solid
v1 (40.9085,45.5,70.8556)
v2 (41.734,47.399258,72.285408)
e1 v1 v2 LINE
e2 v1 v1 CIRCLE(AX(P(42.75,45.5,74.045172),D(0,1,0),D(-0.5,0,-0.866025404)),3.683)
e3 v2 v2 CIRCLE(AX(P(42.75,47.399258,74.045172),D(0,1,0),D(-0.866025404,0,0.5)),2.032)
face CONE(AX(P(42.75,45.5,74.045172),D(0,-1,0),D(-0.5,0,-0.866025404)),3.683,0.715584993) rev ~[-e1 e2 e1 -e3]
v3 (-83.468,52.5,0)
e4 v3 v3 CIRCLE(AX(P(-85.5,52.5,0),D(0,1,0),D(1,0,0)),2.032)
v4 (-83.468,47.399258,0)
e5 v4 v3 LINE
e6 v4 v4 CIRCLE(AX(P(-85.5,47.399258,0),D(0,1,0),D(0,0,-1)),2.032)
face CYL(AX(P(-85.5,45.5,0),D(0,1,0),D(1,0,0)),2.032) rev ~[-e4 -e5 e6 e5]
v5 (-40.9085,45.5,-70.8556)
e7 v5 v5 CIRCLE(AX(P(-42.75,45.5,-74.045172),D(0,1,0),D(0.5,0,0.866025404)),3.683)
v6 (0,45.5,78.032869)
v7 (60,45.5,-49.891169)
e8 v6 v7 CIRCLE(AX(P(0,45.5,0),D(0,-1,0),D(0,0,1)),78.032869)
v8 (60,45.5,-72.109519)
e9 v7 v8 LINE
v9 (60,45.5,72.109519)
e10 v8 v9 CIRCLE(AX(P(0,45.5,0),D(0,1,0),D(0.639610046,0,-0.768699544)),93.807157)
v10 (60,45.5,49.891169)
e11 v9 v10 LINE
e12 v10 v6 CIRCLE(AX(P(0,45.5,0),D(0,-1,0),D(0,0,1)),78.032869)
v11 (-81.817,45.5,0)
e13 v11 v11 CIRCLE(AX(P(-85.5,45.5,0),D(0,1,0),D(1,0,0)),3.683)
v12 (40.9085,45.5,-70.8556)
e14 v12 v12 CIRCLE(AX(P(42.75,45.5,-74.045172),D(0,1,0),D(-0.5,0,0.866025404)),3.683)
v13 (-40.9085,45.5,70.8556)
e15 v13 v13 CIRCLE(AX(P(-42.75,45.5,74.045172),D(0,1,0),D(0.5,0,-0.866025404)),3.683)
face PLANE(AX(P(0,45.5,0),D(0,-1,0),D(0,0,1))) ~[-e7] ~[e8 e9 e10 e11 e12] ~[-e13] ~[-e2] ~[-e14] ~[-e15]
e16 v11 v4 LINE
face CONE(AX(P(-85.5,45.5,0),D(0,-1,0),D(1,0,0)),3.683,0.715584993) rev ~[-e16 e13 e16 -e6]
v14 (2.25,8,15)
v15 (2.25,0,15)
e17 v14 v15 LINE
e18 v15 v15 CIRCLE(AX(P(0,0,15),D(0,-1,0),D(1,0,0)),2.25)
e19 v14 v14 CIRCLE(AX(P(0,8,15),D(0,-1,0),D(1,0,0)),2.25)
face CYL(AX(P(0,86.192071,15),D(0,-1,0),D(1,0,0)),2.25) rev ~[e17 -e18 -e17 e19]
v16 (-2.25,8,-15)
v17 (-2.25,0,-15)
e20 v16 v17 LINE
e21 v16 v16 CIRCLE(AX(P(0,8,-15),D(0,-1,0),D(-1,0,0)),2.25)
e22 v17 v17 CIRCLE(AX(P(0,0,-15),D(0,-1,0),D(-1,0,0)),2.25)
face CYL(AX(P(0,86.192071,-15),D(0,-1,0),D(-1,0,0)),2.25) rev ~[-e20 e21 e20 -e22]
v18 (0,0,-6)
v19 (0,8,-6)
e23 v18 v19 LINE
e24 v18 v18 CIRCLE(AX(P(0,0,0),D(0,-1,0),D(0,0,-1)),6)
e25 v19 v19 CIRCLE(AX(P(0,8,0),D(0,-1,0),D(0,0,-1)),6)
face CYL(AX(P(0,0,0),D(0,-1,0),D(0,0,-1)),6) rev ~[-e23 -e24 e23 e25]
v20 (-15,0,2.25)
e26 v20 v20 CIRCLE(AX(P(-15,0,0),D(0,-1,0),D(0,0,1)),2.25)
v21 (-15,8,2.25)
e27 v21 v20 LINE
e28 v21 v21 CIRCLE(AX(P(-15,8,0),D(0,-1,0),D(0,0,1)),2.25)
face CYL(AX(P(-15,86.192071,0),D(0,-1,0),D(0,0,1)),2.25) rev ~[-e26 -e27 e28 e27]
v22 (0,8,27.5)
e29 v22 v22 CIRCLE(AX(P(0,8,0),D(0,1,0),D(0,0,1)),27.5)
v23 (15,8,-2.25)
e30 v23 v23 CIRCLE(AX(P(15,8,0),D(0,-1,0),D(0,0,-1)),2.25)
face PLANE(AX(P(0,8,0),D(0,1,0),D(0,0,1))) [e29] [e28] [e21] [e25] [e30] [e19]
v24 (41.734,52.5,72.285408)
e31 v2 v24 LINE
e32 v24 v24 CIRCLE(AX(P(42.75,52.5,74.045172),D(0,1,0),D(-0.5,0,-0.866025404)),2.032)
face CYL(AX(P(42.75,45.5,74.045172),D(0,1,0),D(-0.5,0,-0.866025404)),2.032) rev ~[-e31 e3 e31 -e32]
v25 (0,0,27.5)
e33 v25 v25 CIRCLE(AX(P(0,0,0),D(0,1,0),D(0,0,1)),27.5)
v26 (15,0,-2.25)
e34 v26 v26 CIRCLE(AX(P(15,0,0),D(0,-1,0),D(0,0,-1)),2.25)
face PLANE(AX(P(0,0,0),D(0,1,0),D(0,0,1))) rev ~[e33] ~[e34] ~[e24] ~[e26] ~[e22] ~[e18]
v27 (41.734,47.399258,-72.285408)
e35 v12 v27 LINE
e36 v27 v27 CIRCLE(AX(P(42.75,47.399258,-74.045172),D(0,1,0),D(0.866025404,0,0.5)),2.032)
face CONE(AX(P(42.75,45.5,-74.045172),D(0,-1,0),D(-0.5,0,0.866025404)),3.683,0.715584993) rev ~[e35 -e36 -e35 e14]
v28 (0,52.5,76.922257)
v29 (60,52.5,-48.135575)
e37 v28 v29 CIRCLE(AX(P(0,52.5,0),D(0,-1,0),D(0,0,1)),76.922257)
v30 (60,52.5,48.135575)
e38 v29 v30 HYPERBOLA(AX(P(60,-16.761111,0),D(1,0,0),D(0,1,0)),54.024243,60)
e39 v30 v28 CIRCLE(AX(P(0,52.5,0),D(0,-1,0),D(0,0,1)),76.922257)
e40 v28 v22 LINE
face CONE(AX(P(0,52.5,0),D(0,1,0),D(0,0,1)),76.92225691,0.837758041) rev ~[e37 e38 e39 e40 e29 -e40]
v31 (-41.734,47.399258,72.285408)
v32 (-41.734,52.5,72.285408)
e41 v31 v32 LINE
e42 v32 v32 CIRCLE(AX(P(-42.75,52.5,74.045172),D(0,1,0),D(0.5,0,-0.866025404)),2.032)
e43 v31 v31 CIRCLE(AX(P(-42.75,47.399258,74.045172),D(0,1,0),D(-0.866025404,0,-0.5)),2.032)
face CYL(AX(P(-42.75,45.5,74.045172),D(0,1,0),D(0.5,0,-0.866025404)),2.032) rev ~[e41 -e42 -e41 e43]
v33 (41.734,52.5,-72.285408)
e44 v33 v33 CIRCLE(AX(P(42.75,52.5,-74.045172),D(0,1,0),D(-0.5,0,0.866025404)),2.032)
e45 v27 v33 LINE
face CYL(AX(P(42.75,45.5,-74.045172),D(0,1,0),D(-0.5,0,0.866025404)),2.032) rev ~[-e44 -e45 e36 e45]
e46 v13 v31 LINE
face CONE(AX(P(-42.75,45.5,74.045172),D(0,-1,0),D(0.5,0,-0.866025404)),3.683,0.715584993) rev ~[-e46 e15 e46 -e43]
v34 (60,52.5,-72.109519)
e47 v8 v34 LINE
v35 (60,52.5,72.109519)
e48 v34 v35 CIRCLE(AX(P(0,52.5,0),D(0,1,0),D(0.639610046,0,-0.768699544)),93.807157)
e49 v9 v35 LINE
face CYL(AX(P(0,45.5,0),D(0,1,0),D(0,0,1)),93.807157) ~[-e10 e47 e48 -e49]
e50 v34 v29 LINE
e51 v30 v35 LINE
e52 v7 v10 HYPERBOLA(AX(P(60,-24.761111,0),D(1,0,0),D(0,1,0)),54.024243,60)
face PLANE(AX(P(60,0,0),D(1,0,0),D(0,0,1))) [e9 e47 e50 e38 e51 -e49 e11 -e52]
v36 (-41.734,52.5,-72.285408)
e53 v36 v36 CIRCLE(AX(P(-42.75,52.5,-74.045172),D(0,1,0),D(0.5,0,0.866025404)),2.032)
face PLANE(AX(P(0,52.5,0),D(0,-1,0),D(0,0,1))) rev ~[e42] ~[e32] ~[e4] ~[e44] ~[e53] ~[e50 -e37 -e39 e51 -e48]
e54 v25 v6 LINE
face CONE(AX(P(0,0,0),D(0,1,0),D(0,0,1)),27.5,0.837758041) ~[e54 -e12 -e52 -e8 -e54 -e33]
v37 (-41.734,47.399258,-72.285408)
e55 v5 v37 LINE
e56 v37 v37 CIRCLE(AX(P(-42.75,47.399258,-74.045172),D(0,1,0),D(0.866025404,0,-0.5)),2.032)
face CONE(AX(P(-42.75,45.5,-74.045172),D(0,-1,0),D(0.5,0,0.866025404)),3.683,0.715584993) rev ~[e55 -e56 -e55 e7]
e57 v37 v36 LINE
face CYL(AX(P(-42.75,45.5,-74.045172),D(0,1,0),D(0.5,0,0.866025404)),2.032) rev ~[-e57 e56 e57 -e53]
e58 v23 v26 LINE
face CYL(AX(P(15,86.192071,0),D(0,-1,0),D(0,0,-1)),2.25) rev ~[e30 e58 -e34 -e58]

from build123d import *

# Parameters (mm, degrees)
SKETCH1_R                                      = 27.5
BOSS_EXTRUDE1_DEPTH                            = 8
M4_CLEARANCE_HOLE1_D                           = 4.5
CIRPATTERN1_COUNT                              = 4
SKETCH11_R                                     = 6
CUT_EXTRUDE1_DEPTH                             = 143.673807756
CSK_FOR_6_FLAT_HEAD_MACHINE_SCREW1_D           = 4.064
CSK_FOR_6_FLAT_HEAD_MACHINE_SCREW1_CSINK_D     = 7.366
CSK_FOR_6_FLAT_HEAD_MACHINE_SCREW1_CSINK_ANGLE = 82
CIRPATTERN2_COUNT                              = 6


with BuildPart() as part:
    # Sketch1 → Boss-Extrude1 (new body)
    with BuildSketch(Plane(origin=(0, 0, 0), x_dir=(1, 0, 0), z_dir=(0, 1, 0))):
        with Locations(Location((0, 0, 0), (0, 0, 270))):
            Circle(SKETCH1_R)
    extrude(amount=BOSS_EXTRUDE1_DEPTH)

    # M4 Clearance Hole1 (through all)
    with Locations(Plane(origin=(0, 8, 0), x_dir=(1, 0, 0), z_dir=(0, 1, 0))):
        with Locations((0, 15)):
            m4_clearance_hole1 = Hole(M4_CLEARANCE_HOLE1_D / 2)

    # CirPattern1: M4 Clearance Hole1 ×4 about axis
    cirpattern1_axis = Axis((0, 0, 0), (0, 1, 0))
    for i in range(1, CIRPATTERN1_COUNT):
        add(m4_clearance_hole1.rotate(cirpattern1_axis, i * 360 / CIRPATTERN1_COUNT), mode=Mode.SUBTRACT)

    # Sketch6 → Revolve1 (revolve)
    with BuildSketch(Plane.XY, mode=Mode.PRIVATE) as revolve1_sk:
        Polygon((76.92225691, 52.5), (27.5, 8), (17.5, 8), (17.5, 0), (27.5, 0), (85.807157029, 52.5), align=None)
        Polygon((85.807157029, 52.5), (78.032869425, 45.5), (93.807157029, 45.5), (93.807157029, 52.5), align=None)
    revolve(revolve1_sk.sketch.rotate(Axis((0, 8, 0), (0, -1, 0)), 90), axis=Axis((0, 8, 0), (0, -1, 0)))

    # Sketch11 → Cut-Extrude1 (cut, through all)
    with BuildSketch(Plane.XZ):
        with Locations(Location((0, 0, 0), (0, 0, 270))):
            Circle(SKETCH11_R)
    extrude(amount=-CUT_EXTRUDE1_DEPTH, mode=Mode.SUBTRACT)

    # CSK for #6 Flat Head Machine Screw1 (through all)
    with Locations(Plane.XZ.offset(-45.5)):
        with Locations((85.5, 0)):
            csk_for_6_flat_head_machine_screw1 = CounterSinkHole(CSK_FOR_6_FLAT_HEAD_MACHINE_SCREW1_D / 2, CSK_FOR_6_FLAT_HEAD_MACHINE_SCREW1_CSINK_D / 2, counter_sink_angle=CSK_FOR_6_FLAT_HEAD_MACHINE_SCREW1_CSINK_ANGLE)

    # CirPattern2: CSK for #6 Flat Head Machine Screw1 ×6 about axis
    cirpattern2_axis = Axis((0, 0, 0), (0, 1, 0))
    for i in range(1, CIRPATTERN2_COUNT):
        add(csk_for_6_flat_head_machine_screw1.rotate(cirpattern2_axis, i * 360 / CIRPATTERN2_COUNT), mode=Mode.SUBTRACT)

    # Split1
    split(bisect_by=Plane(origin=(60, 0, 0), x_dir=(0, 0, 1), z_dir=(1, 0, 0)), keep=Keep.BOTTOM)


solid = part.part
